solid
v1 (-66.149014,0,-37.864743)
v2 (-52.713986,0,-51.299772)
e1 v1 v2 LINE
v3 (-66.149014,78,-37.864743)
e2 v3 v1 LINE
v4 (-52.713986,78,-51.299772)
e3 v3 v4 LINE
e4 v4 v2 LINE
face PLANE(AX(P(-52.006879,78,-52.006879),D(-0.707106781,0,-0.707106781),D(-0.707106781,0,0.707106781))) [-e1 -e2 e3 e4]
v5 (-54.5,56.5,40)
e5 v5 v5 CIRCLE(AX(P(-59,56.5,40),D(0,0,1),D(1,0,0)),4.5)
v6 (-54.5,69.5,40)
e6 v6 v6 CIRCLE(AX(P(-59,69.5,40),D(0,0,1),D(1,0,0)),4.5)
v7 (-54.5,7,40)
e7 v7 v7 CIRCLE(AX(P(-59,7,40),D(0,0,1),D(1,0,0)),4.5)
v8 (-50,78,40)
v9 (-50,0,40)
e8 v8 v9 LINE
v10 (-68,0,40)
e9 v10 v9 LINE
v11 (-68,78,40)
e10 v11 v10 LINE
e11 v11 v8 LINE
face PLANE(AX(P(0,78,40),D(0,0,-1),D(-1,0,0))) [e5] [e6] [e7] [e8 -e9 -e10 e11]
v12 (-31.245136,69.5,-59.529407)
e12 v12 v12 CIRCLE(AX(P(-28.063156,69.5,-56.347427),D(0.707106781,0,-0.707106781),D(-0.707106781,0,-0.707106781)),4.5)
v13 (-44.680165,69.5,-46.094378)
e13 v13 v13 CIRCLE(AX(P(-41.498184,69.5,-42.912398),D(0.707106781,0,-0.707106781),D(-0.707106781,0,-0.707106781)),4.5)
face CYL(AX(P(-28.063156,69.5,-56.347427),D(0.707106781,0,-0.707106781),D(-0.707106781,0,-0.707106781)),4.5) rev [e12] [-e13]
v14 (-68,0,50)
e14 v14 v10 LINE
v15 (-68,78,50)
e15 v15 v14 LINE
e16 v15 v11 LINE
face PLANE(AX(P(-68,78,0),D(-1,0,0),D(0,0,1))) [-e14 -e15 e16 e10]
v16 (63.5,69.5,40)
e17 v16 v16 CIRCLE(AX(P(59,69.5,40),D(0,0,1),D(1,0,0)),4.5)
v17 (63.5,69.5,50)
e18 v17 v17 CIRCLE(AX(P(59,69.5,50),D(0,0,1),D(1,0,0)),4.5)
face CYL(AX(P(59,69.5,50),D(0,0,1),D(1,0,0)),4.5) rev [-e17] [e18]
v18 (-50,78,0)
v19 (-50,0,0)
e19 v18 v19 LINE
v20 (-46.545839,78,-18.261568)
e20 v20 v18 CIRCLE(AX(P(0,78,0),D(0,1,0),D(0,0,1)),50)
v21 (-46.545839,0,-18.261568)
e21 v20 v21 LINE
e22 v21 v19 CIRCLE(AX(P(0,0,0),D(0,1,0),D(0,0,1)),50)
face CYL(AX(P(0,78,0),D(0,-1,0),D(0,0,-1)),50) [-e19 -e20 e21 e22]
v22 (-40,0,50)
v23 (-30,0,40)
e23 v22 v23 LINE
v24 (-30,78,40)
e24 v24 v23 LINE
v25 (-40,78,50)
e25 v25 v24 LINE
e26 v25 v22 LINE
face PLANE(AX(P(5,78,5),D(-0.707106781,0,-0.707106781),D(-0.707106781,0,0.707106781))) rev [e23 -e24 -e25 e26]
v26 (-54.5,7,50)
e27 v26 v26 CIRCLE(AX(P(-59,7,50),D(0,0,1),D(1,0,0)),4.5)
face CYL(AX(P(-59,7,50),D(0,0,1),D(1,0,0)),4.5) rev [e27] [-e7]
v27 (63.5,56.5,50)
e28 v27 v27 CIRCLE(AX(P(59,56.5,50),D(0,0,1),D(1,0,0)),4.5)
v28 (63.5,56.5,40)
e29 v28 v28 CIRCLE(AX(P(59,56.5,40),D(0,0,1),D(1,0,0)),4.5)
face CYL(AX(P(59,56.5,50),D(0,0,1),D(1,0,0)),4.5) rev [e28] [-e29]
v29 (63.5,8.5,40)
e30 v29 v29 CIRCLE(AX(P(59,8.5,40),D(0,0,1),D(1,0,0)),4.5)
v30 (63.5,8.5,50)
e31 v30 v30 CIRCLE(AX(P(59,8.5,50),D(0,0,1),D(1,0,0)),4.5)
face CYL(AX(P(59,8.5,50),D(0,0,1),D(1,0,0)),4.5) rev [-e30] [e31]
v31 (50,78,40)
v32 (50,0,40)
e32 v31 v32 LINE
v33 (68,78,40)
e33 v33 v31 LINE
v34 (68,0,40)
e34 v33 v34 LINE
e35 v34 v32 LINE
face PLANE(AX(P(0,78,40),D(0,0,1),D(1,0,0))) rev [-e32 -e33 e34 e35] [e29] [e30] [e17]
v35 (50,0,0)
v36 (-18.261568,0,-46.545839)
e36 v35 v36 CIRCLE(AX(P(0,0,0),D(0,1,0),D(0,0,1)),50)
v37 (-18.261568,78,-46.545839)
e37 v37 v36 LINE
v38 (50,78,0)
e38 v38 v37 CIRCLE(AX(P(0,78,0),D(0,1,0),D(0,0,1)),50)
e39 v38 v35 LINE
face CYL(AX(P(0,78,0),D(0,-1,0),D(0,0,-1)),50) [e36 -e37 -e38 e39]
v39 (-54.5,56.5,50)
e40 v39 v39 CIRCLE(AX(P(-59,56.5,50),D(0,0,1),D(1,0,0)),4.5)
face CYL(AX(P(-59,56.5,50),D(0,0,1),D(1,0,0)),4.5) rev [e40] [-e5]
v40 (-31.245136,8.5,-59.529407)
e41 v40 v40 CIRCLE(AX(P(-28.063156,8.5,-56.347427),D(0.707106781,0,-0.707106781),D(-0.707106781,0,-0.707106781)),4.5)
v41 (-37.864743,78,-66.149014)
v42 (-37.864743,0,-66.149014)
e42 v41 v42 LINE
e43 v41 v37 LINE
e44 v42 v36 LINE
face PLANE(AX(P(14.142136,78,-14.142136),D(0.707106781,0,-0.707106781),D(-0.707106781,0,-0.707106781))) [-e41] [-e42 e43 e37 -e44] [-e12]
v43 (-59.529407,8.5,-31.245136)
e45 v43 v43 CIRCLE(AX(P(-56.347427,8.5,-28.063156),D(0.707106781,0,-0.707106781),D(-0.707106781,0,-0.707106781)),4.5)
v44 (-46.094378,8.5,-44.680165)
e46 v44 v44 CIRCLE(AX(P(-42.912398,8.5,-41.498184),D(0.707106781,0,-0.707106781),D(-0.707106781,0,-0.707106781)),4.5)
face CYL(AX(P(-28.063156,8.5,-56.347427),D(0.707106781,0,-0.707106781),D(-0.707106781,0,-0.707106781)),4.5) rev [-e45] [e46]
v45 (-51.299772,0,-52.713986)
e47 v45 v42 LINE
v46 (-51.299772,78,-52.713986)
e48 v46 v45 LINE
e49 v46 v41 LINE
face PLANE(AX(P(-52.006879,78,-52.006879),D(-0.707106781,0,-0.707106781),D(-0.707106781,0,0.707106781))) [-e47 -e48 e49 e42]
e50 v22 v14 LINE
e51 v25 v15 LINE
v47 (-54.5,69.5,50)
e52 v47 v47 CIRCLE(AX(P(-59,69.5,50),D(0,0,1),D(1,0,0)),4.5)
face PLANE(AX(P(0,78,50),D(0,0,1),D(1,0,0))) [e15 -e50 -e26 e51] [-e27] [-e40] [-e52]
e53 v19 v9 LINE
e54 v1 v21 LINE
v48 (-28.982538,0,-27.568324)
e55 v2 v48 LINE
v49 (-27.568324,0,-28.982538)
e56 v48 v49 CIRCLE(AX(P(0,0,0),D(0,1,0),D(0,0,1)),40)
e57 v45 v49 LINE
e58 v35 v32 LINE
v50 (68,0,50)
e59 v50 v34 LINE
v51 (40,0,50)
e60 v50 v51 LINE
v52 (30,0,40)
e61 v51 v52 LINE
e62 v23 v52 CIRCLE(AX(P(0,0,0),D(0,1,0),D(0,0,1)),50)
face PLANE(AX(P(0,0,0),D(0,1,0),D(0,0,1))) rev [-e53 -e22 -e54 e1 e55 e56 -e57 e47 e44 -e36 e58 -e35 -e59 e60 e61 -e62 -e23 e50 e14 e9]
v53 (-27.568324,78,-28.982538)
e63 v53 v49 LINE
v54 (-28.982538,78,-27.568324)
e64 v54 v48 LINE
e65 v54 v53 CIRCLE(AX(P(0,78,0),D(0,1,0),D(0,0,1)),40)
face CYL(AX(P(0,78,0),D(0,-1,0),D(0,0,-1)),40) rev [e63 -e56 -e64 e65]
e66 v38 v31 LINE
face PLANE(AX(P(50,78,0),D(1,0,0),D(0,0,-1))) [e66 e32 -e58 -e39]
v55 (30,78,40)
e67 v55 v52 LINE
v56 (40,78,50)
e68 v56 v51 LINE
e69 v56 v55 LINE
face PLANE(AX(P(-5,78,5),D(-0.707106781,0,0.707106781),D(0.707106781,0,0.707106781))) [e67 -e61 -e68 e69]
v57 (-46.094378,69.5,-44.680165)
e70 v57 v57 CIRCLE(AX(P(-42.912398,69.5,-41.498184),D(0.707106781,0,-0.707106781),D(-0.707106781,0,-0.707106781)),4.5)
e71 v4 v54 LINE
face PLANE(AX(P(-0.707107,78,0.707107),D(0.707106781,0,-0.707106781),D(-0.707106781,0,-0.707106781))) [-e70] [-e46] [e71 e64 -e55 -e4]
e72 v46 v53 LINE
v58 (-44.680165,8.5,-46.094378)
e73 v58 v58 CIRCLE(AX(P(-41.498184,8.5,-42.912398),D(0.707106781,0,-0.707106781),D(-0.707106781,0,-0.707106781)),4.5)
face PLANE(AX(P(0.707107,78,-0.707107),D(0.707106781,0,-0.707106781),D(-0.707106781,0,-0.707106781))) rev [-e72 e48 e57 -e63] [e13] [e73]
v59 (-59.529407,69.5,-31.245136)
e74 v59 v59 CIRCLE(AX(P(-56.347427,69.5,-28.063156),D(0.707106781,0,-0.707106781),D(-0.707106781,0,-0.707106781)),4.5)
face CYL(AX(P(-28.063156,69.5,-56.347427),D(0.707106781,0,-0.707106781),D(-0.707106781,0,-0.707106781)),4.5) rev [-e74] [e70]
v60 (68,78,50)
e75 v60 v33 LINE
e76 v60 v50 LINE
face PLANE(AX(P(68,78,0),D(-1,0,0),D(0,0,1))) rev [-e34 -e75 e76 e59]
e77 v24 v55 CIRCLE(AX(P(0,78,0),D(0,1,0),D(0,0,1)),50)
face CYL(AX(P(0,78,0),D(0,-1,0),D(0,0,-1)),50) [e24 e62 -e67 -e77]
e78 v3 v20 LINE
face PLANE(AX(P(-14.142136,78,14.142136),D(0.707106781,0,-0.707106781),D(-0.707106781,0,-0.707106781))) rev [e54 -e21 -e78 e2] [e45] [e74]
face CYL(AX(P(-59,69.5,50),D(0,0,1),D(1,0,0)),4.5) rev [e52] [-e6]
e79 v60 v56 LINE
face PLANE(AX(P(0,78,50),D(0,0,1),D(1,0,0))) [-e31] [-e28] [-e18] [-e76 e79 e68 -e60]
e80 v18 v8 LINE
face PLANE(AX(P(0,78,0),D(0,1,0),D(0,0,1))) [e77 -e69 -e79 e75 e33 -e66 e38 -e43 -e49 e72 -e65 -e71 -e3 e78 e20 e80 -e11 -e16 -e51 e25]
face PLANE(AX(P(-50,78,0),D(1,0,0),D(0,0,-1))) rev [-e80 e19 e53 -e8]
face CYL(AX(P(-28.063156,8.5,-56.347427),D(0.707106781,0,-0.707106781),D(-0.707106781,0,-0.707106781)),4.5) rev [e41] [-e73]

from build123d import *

# Parameters (mm, degrees)
BOSS_EXTRUDE2_DEPTH      = 78
M8_CLEARANCE_HOLE1_D     = 9
M8_CLEARANCE_HOLE1_DEPTH = 10
M8_CLEARANCE_HOLE1_TIP   = 2.703872786
M8_CLEARANCE_HOLE2_D     = 9


with BuildPart() as part:
    # Sketch1 → Boss-Extrude2 (new body)
    with BuildSketch(Plane(origin=(0, 0, 0), x_dir=(1, 0, 0), z_dir=(0, 1, 0))):
        with BuildLine():
            Line((-68, -50), (-50, -50))
            Line((-50, -50), (-40, -50))
            Line((-40, -50), (-30, -40))
            ThreePointArc((-30, -40), (0, -50), (30, -40))
            Line((30, -40), (40, -50))
            Line((40, -50), (50, -50))
            Line((50, -50), (68, -50))
            Line((68, -50), (68, -40))
            Line((68, -40), (50, -40))
            Line((50, -40), (50, 0))
            ThreePointArc((50, 0), (28.168436295, 41.310279553), (-18.261567868, 46.545839116))
            Line((-18.261567868, 46.545839116), (-37.864743155, 66.149014403))
            Line((-37.864743155, 66.149014403), (-51.299771998, 52.71398556))
            Line((-51.299771998, 52.71398556), (-27.56832425, 28.982537812))
            ThreePointArc((-27.56832425, 28.982537812), (15.76811704, 36.760936944), (40, 0))
            ThreePointArc((40, 0), (-14.84416531, -37.143650282), (-28.982537812, 27.56832425))
            Line((-28.982537812, 27.56832425), (-52.71398556, 51.299771998))
            Line((-52.71398556, 51.299771998), (-66.149014403, 37.864743155))
            Line((-66.149014403, 37.864743155), (-46.545839116, 18.261567868))
            ThreePointArc((-46.545839116, 18.261567868), (-49.128871124, 9.292686485), (-50, 0))
            Line((-50, 0), (-50, -40))
            Line((-50, -40), (-68, -40))
            Line((-68, -40), (-68, -50))
        make_face()
    extrude(amount=BOSS_EXTRUDE2_DEPTH)

    # M8 Clearance Hole1
    with Locations(Plane.XY.offset(50)):
        with Locations((-59, 69.5), (-59, 7), (-59, 56.5), (59, 56.5), (59, 8.5), (59, 69.5)):
            Hole(M8_CLEARANCE_HOLE1_D / 2, depth=M8_CLEARANCE_HOLE1_DEPTH)
            with Locations((0, 0, -(M8_CLEARANCE_HOLE1_DEPTH + M8_CLEARANCE_HOLE1_TIP / 2))):  # 118° drill point
                Cone(0, M8_CLEARANCE_HOLE1_D / 2, M8_CLEARANCE_HOLE1_TIP, mode=Mode.SUBTRACT)

    # M8 Clearance Hole2 (through all)
    with Locations(Plane(origin=(14.142135624, 0, -14.142135624), x_dir=(-0.707106781, 0, -0.707106781), z_dir=(0.707106781, 0, -0.707106781))):
        with Locations((59.687295128, 8.5), (59.687295128, 69.5)):
            Hole(M8_CLEARANCE_HOLE2_D / 2)


solid = part.part
